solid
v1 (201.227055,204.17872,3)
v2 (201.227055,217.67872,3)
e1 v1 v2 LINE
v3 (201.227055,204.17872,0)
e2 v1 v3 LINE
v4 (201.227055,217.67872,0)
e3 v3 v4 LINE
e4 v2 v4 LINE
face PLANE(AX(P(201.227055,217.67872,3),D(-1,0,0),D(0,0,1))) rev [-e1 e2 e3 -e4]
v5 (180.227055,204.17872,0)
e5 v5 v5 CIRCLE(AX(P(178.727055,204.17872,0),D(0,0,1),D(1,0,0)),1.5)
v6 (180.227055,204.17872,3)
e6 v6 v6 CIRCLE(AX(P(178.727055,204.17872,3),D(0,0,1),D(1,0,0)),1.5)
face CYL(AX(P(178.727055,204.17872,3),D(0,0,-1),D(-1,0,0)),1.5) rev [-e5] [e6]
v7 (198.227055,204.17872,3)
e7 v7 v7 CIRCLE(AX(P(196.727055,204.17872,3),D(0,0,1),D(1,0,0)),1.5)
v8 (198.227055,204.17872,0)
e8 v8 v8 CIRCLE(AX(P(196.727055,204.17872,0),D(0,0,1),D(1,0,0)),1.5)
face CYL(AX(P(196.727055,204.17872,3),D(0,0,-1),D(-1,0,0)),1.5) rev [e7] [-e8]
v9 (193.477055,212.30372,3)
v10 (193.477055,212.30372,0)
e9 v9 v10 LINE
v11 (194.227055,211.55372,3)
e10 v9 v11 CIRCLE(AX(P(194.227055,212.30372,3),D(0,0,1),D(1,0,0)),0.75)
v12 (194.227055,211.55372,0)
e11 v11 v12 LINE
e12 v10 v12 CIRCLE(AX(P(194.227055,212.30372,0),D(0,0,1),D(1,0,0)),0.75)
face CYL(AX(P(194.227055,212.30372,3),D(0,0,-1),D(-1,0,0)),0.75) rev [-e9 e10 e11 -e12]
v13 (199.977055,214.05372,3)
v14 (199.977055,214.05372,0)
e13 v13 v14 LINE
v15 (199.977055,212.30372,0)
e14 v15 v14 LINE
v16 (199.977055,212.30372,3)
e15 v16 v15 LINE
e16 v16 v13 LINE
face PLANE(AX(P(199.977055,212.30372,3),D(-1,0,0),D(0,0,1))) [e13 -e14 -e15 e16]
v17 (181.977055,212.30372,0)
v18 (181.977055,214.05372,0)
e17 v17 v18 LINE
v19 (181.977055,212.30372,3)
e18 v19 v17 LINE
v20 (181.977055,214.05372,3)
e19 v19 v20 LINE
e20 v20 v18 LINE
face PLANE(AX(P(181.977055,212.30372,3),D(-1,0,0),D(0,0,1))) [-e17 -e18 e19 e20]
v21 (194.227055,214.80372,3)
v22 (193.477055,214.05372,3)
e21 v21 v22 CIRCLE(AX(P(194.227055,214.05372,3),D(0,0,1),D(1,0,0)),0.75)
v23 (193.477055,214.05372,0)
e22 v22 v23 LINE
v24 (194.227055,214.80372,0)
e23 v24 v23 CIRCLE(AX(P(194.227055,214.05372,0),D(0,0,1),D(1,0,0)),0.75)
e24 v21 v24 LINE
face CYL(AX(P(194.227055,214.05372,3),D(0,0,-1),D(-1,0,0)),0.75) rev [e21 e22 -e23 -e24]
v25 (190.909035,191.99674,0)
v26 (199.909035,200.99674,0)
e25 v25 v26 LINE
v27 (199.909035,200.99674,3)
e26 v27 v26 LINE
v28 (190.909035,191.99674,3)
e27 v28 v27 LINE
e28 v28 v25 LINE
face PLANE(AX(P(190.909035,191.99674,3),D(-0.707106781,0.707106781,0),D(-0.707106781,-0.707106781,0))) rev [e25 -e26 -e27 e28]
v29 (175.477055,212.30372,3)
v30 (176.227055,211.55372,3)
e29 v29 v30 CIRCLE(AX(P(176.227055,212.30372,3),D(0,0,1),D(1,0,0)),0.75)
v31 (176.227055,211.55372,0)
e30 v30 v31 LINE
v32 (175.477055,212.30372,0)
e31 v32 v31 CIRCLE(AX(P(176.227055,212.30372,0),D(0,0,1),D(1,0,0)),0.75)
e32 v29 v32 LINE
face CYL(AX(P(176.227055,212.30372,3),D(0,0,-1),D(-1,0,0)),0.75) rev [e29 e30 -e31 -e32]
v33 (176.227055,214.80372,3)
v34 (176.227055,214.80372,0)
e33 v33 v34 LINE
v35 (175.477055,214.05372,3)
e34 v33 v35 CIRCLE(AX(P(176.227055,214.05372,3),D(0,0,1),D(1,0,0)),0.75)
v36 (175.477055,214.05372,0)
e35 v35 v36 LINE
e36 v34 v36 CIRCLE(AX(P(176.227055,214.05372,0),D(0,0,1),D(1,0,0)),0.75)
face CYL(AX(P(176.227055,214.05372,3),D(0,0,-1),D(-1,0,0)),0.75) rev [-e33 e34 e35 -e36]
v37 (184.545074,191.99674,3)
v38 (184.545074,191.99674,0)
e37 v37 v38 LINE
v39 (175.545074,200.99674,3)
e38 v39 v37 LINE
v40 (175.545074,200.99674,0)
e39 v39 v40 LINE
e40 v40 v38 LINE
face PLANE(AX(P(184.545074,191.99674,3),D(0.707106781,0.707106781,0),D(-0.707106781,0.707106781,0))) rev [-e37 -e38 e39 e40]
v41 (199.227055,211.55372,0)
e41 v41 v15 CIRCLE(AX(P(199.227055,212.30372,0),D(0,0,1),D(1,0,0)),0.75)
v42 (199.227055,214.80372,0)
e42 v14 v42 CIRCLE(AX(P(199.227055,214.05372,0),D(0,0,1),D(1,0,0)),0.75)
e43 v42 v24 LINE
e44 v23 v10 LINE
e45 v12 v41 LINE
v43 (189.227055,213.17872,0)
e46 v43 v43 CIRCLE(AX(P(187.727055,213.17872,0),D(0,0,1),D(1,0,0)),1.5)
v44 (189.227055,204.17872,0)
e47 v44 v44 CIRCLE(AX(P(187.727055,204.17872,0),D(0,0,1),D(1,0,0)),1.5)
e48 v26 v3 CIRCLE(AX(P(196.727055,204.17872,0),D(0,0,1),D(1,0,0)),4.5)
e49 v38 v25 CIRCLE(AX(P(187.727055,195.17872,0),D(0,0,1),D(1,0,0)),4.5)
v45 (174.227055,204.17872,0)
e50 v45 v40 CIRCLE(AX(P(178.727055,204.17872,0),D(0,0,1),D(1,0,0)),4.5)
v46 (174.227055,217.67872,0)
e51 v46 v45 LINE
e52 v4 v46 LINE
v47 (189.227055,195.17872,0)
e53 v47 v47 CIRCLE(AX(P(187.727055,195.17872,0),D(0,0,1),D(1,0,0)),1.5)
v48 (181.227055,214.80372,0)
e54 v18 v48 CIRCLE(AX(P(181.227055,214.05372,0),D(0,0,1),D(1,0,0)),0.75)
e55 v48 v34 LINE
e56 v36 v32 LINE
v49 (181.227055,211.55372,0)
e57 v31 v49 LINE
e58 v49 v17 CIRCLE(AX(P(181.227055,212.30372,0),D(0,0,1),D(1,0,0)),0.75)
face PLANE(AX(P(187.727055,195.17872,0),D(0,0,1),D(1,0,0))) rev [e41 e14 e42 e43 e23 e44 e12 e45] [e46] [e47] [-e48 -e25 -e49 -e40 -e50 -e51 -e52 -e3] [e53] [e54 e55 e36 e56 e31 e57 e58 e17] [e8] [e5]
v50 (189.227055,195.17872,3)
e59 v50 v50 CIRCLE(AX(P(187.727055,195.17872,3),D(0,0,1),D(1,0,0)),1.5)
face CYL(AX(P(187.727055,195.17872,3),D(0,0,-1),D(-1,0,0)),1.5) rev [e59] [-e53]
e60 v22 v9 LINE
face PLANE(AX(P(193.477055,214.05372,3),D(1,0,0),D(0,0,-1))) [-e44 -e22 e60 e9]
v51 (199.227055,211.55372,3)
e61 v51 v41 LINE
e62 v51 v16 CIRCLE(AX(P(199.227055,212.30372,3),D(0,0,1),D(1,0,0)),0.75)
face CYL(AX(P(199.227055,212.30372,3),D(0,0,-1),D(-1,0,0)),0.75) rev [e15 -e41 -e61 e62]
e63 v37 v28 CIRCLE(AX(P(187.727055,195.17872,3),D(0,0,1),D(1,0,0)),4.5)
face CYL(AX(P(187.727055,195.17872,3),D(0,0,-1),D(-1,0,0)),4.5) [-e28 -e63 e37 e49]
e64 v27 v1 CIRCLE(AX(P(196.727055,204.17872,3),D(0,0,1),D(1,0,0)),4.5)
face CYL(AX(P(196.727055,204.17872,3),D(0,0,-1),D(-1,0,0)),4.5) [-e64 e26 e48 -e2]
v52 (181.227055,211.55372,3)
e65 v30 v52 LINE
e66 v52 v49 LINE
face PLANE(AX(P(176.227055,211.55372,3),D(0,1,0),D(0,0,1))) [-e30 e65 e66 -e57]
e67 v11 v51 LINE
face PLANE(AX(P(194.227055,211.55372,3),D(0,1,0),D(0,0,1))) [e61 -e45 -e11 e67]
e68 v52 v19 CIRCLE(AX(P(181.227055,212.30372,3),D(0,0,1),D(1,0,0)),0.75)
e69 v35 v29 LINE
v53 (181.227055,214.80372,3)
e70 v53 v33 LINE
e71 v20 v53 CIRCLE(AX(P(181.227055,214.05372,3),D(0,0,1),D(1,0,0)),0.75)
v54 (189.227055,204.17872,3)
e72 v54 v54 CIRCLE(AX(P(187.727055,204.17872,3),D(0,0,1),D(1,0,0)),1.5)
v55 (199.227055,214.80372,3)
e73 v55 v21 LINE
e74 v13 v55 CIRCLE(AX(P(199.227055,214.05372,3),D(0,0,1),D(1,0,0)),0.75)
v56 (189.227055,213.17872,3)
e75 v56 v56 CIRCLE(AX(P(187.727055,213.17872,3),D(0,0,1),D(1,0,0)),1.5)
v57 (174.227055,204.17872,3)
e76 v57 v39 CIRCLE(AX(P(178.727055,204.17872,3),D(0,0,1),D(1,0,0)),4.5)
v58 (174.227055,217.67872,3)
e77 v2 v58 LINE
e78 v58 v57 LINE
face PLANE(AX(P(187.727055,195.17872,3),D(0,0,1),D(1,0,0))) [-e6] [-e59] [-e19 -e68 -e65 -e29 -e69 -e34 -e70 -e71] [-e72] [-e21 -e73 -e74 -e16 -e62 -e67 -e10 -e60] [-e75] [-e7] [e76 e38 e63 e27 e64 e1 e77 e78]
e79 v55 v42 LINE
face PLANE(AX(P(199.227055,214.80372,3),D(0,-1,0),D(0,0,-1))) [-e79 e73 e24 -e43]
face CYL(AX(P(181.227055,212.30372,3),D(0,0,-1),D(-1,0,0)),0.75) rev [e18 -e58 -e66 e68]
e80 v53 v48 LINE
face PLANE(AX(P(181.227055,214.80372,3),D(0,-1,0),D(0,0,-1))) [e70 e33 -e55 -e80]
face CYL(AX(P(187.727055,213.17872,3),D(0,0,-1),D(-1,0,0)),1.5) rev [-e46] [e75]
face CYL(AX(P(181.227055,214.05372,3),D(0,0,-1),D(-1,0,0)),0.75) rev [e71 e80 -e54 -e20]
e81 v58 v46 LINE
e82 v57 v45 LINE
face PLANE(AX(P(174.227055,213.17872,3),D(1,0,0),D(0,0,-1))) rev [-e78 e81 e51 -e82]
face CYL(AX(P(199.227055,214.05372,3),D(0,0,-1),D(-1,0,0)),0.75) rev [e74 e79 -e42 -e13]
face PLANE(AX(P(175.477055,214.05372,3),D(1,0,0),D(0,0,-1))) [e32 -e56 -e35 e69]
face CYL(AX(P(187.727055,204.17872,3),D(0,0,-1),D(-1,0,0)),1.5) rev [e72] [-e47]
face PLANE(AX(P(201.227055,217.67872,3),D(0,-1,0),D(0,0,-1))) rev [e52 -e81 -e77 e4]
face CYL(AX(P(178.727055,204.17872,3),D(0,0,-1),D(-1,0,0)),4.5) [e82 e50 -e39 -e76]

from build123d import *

# Parameters (mm, degrees)
MODEL_R                 = 1.5
SALIENTE_EXTRUIR1_DEPTH = 3


with BuildPart() as part:
    # Model → Saliente-Extruir1 (new body)
    with BuildSketch(Plane.XY):
        with BuildLine():
            Line((174.227054575, 213.178720063), (174.227054575, 204.178720063))
            ThreePointArc((174.227054575, 204.178720063), (174.569596678, 202.456644617), (175.545074059, 200.996739548))
            Line((175.545074059, 200.996739548), (184.545074059, 191.996739548))
            ThreePointArc((184.545074059, 191.996739548), (187.727054575, 190.678720063), (190.90903509, 191.996739548))
            Line((190.90903509, 191.996739548), (199.90903509, 200.996739548))
            ThreePointArc((199.90903509, 200.996739548), (200.884512471, 202.456644617), (201.227054575, 204.178720063))
            Line((201.227054575, 204.178720063), (201.227054575, 217.678720063))
            Line((201.227054575, 217.678720063), (174.227054575, 217.678720063))
            Line((174.227054575, 217.678720063), (174.227054575, 213.178720063))
        make_face()
        with Locations((187.727054575, 204.178720063)):
            Circle(MODEL_R, mode=Mode.SUBTRACT)
        with Locations((178.727054575, 204.178720063)):
            Circle(MODEL_R, mode=Mode.SUBTRACT)
        with Locations((187.727054575, 213.178720063)):
            Circle(MODEL_R, mode=Mode.SUBTRACT)
        with Locations((187.727054575, 195.178720063)):
            Circle(MODEL_R, mode=Mode.SUBTRACT)
        with Locations((196.727054575, 204.178720063)):
            Circle(MODEL_R, mode=Mode.SUBTRACT)
        with BuildLine():
            Line((193.477054575, 214.053720063), (193.477054575, 212.303720063))
            ThreePointArc((193.477054575, 212.303720063), (193.696724489, 211.773389977), (194.227054575, 211.553720063))
            Line((194.227054575, 211.553720063), (199.227054575, 211.553720063))
            ThreePointArc((199.227054575, 211.553720063), (199.757384661, 211.773389977), (199.977054575, 212.303720063))
            Line((199.977054575, 212.303720063), (199.977054575, 214.053720063))
            ThreePointArc((199.977054575, 214.053720063), (199.757384661, 214.584050149), (199.227054575, 214.803720063))
            Line((199.227054575, 214.803720063), (194.227054575, 214.803720063))
            ThreePointArc((194.227054575, 214.803720063), (193.696724489, 214.584050149), (193.477054575, 214.053720063))
        make_face(mode=Mode.SUBTRACT)
        with BuildLine():
            Line((175.477054575, 214.053720063), (175.477054575, 212.303720063))
            ThreePointArc((175.477054575, 212.303720063), (175.696724489, 211.773389977), (176.227054575, 211.553720063))
            Line((176.227054575, 211.553720063), (181.227054575, 211.553720063))
            ThreePointArc((181.227054575, 211.553720063), (181.757384661, 211.773389977), (181.977054575, 212.303720063))
            Line((181.977054575, 212.303720063), (181.977054575, 214.053720063))
            ThreePointArc((181.977054575, 214.053720063), (181.757384661, 214.584050149), (181.227054575, 214.803720063))
            Line((181.227054575, 214.803720063), (176.227054575, 214.803720063))
            ThreePointArc((176.227054575, 214.803720063), (175.696724489, 214.584050149), (175.477054575, 214.053720063))
        make_face(mode=Mode.SUBTRACT)
    extrude(amount=SALIENTE_EXTRUIR1_DEPTH)


solid = part.part
